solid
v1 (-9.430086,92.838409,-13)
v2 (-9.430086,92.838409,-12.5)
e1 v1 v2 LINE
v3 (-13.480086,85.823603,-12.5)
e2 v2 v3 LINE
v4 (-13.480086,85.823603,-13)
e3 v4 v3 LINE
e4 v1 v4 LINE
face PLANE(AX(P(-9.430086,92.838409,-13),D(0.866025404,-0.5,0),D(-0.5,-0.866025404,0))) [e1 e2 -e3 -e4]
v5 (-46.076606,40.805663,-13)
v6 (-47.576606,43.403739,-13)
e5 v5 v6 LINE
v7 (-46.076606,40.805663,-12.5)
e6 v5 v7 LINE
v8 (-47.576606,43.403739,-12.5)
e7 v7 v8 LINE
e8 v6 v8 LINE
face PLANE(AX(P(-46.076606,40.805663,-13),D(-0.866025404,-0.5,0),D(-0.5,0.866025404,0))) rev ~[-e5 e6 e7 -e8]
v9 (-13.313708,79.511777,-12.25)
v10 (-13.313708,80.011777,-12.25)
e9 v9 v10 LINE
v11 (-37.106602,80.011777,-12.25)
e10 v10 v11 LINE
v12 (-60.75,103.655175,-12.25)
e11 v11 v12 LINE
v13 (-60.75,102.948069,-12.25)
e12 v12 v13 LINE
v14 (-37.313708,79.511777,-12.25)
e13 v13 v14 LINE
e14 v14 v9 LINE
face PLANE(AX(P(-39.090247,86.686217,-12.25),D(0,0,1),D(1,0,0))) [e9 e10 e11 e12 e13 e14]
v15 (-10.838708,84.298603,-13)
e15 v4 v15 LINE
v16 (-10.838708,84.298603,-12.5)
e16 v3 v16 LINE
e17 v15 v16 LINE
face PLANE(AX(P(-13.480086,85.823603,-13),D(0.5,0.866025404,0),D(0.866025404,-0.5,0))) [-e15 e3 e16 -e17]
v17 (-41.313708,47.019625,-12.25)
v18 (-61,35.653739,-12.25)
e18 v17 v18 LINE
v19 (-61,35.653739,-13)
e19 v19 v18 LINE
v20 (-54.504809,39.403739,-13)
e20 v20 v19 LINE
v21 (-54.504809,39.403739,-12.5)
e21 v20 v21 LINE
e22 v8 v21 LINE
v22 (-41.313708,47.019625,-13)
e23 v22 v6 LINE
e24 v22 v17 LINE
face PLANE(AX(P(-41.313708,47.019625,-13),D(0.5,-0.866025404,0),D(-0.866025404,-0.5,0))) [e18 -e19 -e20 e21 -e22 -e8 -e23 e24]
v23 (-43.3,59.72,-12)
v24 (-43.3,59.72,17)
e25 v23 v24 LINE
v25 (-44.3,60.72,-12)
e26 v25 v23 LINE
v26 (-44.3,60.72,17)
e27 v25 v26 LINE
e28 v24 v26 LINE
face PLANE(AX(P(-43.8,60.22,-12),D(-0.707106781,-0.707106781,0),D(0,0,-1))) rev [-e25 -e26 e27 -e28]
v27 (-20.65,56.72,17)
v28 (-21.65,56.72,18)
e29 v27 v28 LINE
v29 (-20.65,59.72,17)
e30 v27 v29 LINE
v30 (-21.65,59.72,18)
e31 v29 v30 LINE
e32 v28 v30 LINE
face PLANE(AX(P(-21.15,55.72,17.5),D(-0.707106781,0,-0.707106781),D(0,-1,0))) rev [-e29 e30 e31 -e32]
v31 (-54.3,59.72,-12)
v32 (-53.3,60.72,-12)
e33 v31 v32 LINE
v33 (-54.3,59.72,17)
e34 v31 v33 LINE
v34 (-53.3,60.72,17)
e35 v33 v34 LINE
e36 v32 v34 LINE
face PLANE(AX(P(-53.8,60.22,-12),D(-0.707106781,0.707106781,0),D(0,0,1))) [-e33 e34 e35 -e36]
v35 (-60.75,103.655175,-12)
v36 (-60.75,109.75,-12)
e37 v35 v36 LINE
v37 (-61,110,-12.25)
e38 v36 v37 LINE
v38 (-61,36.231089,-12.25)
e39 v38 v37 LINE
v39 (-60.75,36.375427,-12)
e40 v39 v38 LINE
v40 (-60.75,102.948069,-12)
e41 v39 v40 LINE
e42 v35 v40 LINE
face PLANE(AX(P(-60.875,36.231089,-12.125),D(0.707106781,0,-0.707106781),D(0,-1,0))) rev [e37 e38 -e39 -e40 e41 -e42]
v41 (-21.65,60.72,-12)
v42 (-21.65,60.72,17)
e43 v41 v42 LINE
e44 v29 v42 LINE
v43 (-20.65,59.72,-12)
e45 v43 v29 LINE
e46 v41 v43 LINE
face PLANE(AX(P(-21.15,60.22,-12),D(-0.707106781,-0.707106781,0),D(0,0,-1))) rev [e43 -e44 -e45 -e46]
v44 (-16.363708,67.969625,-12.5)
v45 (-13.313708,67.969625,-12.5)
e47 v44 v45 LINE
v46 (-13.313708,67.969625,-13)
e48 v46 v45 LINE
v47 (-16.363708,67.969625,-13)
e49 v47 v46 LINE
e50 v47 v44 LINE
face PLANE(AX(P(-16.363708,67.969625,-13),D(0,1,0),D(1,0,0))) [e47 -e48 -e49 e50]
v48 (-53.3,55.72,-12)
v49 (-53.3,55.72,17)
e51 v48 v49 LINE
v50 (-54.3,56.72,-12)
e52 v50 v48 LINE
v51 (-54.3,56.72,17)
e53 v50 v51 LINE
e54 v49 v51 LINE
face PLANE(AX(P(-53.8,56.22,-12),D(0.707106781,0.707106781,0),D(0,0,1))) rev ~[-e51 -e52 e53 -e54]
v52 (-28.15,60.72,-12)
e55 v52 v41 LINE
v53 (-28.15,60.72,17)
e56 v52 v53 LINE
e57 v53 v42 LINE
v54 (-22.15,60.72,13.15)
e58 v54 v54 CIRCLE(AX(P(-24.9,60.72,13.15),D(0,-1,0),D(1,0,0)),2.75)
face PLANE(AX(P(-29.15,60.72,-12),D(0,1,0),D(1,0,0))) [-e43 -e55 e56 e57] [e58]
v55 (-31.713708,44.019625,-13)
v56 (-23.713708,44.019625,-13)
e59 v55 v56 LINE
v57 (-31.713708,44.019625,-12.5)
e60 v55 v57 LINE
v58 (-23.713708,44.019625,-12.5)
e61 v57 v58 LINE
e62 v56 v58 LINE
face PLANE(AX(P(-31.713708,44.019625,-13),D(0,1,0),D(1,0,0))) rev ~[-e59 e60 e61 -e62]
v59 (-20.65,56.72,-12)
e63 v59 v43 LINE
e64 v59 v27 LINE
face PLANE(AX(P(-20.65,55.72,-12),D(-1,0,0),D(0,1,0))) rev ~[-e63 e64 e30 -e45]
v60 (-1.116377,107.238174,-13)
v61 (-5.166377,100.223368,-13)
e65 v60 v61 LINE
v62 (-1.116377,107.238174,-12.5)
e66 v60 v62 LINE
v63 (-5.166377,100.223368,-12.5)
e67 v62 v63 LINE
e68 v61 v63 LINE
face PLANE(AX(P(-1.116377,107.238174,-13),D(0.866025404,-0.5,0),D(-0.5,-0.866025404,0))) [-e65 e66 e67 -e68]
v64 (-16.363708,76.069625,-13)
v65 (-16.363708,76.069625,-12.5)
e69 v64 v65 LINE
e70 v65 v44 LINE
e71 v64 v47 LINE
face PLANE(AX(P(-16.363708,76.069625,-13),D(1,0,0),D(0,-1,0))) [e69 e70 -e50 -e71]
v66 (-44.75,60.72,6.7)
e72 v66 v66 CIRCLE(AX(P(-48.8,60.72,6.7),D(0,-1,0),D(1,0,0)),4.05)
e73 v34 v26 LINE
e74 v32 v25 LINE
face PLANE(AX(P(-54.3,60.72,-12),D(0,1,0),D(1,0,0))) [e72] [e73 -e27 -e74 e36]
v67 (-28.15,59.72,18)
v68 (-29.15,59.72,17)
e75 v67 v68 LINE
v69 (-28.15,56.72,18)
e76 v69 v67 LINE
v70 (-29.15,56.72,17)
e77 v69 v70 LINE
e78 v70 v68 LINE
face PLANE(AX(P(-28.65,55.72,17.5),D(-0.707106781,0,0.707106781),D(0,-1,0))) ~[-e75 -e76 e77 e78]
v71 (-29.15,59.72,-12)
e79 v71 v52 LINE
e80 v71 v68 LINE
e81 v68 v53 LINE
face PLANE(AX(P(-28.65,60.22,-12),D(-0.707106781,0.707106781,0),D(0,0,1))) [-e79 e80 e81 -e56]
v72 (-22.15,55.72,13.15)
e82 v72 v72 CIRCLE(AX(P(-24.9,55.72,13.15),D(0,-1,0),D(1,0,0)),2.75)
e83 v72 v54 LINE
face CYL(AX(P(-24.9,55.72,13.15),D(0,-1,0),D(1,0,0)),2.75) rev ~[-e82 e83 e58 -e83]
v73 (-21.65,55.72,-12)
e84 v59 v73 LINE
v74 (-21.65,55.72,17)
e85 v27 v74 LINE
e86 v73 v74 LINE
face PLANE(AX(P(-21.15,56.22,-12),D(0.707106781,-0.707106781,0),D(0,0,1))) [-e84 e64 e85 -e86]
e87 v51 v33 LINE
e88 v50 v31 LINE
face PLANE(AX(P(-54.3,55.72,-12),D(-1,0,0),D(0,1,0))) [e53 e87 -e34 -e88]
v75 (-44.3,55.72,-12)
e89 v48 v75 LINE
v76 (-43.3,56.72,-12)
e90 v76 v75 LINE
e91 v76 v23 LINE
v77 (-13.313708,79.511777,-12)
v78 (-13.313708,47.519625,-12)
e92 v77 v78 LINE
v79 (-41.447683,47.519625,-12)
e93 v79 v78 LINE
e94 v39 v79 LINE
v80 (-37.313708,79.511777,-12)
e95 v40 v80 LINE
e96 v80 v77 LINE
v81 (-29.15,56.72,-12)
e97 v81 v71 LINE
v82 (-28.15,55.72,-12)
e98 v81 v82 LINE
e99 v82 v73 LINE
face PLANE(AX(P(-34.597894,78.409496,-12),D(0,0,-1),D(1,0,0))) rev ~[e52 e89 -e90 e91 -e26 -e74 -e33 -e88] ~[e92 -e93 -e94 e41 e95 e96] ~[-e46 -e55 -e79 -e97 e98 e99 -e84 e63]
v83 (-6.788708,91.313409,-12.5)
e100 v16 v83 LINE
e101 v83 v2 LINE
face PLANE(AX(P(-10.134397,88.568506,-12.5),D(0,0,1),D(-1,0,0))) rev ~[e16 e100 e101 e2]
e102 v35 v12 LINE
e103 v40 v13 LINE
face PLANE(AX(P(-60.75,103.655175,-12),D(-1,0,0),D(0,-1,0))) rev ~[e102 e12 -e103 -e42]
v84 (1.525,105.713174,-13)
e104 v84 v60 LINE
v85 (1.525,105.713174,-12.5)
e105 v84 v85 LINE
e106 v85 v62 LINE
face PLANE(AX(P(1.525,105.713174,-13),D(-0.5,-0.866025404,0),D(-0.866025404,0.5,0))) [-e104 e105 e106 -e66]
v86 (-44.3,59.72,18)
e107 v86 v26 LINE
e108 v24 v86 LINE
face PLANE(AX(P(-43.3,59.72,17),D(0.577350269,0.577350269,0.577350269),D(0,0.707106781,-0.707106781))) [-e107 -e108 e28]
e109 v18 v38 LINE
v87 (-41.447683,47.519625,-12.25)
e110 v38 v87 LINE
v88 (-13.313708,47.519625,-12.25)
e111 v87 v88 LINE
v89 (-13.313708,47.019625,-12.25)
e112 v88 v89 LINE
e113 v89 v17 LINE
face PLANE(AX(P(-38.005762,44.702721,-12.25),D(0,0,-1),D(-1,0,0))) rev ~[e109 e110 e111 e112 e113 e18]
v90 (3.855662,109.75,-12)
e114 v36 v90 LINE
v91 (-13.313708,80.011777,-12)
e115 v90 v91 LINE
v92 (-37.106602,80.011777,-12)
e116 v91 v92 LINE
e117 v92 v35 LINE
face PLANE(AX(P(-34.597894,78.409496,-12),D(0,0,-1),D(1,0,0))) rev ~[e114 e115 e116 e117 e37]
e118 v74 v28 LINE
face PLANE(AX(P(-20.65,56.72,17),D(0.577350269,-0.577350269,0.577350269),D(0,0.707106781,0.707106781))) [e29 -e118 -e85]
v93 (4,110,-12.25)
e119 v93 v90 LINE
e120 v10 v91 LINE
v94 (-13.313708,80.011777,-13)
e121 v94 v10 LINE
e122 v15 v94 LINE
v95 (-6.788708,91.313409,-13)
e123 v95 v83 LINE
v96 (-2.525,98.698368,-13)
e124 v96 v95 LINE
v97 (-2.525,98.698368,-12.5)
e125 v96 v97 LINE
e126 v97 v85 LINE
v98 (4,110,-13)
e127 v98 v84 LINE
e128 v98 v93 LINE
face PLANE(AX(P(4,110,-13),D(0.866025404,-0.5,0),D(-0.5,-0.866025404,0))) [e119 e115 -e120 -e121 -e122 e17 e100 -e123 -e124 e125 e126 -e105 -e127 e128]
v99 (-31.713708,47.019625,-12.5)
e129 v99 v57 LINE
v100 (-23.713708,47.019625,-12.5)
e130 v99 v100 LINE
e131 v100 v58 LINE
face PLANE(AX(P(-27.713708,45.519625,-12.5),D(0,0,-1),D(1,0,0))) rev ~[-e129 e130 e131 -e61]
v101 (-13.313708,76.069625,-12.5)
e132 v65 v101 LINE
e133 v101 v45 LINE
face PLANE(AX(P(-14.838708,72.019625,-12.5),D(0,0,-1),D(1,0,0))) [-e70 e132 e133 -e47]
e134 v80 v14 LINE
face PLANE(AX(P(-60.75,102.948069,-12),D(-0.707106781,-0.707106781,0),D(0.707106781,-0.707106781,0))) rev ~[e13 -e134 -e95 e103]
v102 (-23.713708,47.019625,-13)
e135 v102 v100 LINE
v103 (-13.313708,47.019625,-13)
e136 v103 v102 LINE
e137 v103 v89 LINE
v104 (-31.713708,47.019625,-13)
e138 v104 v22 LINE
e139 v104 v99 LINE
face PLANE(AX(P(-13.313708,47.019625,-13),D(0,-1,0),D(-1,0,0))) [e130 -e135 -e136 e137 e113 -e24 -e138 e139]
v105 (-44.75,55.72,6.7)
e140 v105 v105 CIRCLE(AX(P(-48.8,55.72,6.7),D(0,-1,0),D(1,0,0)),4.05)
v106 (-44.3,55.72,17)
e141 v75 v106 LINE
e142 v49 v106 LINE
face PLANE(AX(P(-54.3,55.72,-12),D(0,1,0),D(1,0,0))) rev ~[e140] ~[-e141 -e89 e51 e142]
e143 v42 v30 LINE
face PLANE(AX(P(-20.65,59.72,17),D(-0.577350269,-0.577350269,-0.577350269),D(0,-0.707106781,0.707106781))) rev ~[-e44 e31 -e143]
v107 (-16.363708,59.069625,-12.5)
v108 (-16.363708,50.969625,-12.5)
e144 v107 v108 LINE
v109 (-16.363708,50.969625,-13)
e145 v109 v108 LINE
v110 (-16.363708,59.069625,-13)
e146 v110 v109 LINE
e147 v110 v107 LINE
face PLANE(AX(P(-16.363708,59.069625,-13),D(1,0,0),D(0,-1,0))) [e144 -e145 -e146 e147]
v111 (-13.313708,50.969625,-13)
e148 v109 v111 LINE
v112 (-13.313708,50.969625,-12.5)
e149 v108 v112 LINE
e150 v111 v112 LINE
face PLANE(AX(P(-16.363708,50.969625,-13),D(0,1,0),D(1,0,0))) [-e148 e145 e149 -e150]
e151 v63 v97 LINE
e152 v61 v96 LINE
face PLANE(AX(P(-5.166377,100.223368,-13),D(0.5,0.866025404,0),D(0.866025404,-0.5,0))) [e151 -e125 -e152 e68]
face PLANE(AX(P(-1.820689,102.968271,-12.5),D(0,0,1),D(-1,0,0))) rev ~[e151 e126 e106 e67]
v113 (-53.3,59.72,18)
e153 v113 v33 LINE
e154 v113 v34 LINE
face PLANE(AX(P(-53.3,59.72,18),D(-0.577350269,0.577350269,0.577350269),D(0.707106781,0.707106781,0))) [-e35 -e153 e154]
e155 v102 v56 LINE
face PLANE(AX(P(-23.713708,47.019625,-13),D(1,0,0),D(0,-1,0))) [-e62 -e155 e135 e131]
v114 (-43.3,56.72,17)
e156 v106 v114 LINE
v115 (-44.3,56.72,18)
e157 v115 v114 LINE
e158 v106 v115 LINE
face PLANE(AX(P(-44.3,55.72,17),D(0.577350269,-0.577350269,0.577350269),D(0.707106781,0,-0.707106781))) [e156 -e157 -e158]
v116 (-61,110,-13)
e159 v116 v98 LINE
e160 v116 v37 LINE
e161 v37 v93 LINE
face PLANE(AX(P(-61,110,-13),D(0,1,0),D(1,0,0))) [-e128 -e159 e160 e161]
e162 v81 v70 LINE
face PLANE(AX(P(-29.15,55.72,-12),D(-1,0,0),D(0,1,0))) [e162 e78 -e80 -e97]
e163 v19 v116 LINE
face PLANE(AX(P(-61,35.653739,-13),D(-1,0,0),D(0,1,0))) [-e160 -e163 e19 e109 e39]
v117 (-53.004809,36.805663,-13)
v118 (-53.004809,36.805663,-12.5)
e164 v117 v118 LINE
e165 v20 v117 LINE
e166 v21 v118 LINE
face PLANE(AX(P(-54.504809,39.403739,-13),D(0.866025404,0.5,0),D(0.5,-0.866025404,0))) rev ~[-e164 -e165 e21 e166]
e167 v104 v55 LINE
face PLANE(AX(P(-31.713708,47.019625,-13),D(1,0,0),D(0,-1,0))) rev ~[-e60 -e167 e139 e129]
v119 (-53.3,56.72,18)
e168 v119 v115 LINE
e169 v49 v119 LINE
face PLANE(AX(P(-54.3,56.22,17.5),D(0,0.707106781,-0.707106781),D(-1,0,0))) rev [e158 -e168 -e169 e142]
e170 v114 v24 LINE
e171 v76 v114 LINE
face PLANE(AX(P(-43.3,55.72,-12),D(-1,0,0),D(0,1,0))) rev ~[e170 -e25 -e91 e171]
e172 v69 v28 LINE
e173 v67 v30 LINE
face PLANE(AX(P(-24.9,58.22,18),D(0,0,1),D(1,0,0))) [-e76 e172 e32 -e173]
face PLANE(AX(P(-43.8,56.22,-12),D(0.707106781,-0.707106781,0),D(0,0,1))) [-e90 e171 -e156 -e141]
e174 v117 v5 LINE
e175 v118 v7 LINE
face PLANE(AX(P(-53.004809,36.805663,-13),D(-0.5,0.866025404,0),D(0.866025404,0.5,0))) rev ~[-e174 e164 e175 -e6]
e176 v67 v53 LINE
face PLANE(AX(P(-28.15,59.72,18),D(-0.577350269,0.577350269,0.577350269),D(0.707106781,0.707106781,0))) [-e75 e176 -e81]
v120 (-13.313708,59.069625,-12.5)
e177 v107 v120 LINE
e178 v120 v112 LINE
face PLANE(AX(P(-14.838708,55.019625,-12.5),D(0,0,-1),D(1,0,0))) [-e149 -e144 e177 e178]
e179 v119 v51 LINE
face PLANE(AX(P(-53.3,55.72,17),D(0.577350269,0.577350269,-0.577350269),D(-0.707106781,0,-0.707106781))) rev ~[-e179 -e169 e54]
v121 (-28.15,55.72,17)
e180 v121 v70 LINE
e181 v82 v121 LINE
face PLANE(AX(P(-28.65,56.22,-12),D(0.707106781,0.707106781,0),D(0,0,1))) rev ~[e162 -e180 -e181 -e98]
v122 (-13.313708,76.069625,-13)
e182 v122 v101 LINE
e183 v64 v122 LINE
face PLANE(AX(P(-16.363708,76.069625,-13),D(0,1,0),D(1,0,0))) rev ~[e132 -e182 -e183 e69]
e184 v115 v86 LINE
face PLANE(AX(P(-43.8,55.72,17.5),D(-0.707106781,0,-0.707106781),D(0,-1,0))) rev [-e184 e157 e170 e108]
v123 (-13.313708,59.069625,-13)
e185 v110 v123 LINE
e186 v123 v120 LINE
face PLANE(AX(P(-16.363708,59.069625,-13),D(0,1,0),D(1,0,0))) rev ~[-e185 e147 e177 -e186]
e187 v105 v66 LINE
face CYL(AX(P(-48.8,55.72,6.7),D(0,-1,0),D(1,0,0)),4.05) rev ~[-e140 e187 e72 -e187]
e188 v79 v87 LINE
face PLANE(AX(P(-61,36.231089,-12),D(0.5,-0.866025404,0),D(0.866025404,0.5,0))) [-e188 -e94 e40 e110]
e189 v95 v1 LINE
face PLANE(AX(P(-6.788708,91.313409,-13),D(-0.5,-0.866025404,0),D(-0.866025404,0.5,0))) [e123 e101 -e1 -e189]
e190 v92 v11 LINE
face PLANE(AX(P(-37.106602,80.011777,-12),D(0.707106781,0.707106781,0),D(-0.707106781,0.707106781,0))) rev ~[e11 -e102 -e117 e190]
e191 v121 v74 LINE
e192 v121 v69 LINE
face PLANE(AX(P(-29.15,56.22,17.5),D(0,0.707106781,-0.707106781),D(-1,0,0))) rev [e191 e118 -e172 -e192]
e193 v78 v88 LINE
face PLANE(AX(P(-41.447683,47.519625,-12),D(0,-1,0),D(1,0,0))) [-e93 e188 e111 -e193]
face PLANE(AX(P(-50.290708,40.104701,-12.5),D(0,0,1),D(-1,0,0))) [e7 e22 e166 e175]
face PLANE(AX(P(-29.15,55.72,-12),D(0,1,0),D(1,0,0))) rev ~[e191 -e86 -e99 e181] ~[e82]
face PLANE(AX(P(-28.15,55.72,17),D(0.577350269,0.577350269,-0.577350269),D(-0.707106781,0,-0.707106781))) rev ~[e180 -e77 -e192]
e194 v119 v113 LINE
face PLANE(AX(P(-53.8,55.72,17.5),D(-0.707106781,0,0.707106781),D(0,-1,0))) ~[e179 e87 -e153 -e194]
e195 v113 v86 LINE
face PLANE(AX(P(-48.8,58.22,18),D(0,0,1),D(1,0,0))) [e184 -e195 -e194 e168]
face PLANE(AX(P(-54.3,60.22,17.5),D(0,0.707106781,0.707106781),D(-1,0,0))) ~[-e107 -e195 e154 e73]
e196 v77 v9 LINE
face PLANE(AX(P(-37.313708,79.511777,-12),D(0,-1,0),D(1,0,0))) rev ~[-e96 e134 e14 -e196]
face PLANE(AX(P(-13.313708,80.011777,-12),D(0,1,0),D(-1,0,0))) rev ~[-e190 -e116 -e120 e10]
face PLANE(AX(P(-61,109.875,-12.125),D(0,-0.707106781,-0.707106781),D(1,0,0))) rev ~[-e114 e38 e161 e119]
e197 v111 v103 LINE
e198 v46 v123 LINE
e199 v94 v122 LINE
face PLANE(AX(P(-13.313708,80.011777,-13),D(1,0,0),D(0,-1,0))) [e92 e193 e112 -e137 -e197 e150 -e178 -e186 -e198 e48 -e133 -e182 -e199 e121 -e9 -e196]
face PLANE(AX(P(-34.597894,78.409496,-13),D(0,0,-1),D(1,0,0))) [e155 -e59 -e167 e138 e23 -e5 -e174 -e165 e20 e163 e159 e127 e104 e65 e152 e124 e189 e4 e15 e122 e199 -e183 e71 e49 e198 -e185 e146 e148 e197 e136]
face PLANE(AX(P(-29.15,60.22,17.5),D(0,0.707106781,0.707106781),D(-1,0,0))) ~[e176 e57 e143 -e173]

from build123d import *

# Parameters (mm, degrees)
PAD015_DEPTH    = 1
POCKET006_DEPTH = 0.25
CHAMFER003_SIZE = 0.25
POCKET007_DEPTH = 0.25
SKETCH024_W     = 3.05
SKETCH024_H     = 8.1
POCKET008_DEPTH = 0.5
SKETCH025_W     = 8
SKETCH025_H     = 3
PAD016_DEPTH    = 0.5
SKETCH026_W     = 11
SKETCH026_H     = 5
SKETCH026_W_2   = 8.5
PAD017_DEPTH    = 30
SKETCH027_R     = 4.05
SKETCH027_R_2   = 2.75
POCKET009_DEPTH = 54.281
CHAMFER004_SIZE = 1


with BuildPart() as part:
    # Sketch021 (on Face1 of Binder010) → Pad015 (new body)
    with BuildSketch(Plane(origin=(0, 0, -13), x_dir=(1, 0, 0), z_dir=(0, 0, -1))):
        Polygon((4, -110), (-13.313708499, -80.0117772123), (-13.313708499, -47.019624501), (-41.313708499, -47.019624501), (-61, -35.6537388036), (-61, -110), align=None)
    extrude(amount=-PAD015_DEPTH)

    # Sketch022 (on Face8 of Pad015) → Pocket006 (cut)
    with BuildSketch(Plane.XY.offset(-12)):
        Polygon((-13.313708499, 47.019624501), (-41.313708499, 47.019624501), (-61, 35.6537388036), (-61, 36.2310890728), (-41.4476830952, 47.519624501), (-13.313708499, 47.519624501), align=None)
    extrude(amount=-POCKET006_DEPTH, mode=Mode.SUBTRACT)

    # Chamfer003
    chamfer003_edges = [part.edges().sort_by_distance(p)[0] for p in [
        (-61, 73.115545, -12),
        (-28.5, 110, -12),
    ]]
    chamfer(chamfer003_edges, length=CHAMFER003_SIZE)

    # Sketch023 (on Face5 of Chamfer003) → Pocket007 (cut)
    with BuildSketch(Plane.XY.offset(-12)):
        Polygon((-13.313708499, 80.0117772123), (-37.1066017178, 80.0117772123), (-60.75, 103.6551754945), (-60.75, 102.9480687133), (-37.313708499, 79.5117772123), (-13.313708499, 79.5117772123), align=None)
    extrude(amount=-POCKET007_DEPTH, mode=Mode.SUBTRACT)

    # Sketch024 (on Face4 of Pocket007) → Pocket008 (cut)
    with BuildSketch(Plane(origin=(0, 0, -13), x_dir=(1, 0, 0), z_dir=(0, 0, -1))):
        with Locations((-14.838708499, -55.019624501)):
            Rectangle(SKETCH024_W, SKETCH024_H)
        with Locations((-14.838708499, -72.019624501)):
            Rectangle(SKETCH024_W, SKETCH024_H)
        Polygon((-10.838708499, -84.2986029611), (-6.788708499, -91.3134087317), (-9.4300859805, -92.8384087317), (-13.4800859805, -85.8236029611), align=None)
        Polygon((-2.525, -98.6983684806), (1.525, -105.7131742513), (-1.1163774815, -107.2381742513), (-5.1663774815, -100.2233684806), align=None)
    extrude(amount=-POCKET008_DEPTH, mode=Mode.SUBTRACT)

    # Sketch025 (on Face3 of Pocket008) → Pad016 (join)
    with BuildSketch(Plane(origin=(0, 0, -13), x_dir=(1, 0, 0), z_dir=(0, 0, -1))):
        with Locations((-27.713708499, -45.519624501)):
            Rectangle(SKETCH025_W, SKETCH025_H)
        Polygon((-47.5766062413, -43.4037388036), (-54.5048094716, -39.4037388036), (-53.0048094716, -36.8056625922), (-46.0766062413, -40.8056625922), align=None)
    extrude(amount=-PAD016_DEPTH)

    # Sketch026 (on Face28 of Pad016) → Pad017 (join)
    with BuildSketch(Plane.XY.offset(-12)):
        with Locations((-48.8, 58.22)):
            Rectangle(SKETCH026_W, SKETCH026_H)
        with Locations((-24.9, 58.22)):
            Rectangle(SKETCH026_W_2, SKETCH026_H)
    extrude(amount=PAD017_DEPTH)

    # Sketch027 (on Face45 of Pad017) → Pocket009 (cut, through all)
    with BuildSketch(Plane.XZ.offset(-55.72)):
        with Locations((-48.8, 6.7)):
            Circle(SKETCH027_R)
        with Locations((-24.9, 13.15)):
            Circle(SKETCH027_R_2)
    extrude(amount=-POCKET009_DEPTH, mode=Mode.SUBTRACT)

    # Chamfer004
    chamfer004_edges = [part.edges().sort_by_distance(p)[0] for p in [
        (-54.3, 60.72, 3),
        (-54.3, 58.22, 18),
        (-48.8, 60.72, 18),
        (-43.3, 58.22, 18),
        (-48.8, 55.72, 18),
        (-54.3, 55.72, 3),
        (-43.3, 55.72, 3),
        (-29.15, 60.72, 3),
        (-29.15, 58.22, 18),
        (-24.9, 60.72, 18),
        (-24.9, 55.72, 18),
        (-29.15, 55.72, 3),
        (-43.3, 60.72, 3),
        (-20.65, 55.72, 3),
        (-20.65, 60.72, 3),
        (-20.65, 58.22, 18),
    ]]
    chamfer(chamfer004_edges, length=CHAMFER004_SIZE)


solid = part.part
